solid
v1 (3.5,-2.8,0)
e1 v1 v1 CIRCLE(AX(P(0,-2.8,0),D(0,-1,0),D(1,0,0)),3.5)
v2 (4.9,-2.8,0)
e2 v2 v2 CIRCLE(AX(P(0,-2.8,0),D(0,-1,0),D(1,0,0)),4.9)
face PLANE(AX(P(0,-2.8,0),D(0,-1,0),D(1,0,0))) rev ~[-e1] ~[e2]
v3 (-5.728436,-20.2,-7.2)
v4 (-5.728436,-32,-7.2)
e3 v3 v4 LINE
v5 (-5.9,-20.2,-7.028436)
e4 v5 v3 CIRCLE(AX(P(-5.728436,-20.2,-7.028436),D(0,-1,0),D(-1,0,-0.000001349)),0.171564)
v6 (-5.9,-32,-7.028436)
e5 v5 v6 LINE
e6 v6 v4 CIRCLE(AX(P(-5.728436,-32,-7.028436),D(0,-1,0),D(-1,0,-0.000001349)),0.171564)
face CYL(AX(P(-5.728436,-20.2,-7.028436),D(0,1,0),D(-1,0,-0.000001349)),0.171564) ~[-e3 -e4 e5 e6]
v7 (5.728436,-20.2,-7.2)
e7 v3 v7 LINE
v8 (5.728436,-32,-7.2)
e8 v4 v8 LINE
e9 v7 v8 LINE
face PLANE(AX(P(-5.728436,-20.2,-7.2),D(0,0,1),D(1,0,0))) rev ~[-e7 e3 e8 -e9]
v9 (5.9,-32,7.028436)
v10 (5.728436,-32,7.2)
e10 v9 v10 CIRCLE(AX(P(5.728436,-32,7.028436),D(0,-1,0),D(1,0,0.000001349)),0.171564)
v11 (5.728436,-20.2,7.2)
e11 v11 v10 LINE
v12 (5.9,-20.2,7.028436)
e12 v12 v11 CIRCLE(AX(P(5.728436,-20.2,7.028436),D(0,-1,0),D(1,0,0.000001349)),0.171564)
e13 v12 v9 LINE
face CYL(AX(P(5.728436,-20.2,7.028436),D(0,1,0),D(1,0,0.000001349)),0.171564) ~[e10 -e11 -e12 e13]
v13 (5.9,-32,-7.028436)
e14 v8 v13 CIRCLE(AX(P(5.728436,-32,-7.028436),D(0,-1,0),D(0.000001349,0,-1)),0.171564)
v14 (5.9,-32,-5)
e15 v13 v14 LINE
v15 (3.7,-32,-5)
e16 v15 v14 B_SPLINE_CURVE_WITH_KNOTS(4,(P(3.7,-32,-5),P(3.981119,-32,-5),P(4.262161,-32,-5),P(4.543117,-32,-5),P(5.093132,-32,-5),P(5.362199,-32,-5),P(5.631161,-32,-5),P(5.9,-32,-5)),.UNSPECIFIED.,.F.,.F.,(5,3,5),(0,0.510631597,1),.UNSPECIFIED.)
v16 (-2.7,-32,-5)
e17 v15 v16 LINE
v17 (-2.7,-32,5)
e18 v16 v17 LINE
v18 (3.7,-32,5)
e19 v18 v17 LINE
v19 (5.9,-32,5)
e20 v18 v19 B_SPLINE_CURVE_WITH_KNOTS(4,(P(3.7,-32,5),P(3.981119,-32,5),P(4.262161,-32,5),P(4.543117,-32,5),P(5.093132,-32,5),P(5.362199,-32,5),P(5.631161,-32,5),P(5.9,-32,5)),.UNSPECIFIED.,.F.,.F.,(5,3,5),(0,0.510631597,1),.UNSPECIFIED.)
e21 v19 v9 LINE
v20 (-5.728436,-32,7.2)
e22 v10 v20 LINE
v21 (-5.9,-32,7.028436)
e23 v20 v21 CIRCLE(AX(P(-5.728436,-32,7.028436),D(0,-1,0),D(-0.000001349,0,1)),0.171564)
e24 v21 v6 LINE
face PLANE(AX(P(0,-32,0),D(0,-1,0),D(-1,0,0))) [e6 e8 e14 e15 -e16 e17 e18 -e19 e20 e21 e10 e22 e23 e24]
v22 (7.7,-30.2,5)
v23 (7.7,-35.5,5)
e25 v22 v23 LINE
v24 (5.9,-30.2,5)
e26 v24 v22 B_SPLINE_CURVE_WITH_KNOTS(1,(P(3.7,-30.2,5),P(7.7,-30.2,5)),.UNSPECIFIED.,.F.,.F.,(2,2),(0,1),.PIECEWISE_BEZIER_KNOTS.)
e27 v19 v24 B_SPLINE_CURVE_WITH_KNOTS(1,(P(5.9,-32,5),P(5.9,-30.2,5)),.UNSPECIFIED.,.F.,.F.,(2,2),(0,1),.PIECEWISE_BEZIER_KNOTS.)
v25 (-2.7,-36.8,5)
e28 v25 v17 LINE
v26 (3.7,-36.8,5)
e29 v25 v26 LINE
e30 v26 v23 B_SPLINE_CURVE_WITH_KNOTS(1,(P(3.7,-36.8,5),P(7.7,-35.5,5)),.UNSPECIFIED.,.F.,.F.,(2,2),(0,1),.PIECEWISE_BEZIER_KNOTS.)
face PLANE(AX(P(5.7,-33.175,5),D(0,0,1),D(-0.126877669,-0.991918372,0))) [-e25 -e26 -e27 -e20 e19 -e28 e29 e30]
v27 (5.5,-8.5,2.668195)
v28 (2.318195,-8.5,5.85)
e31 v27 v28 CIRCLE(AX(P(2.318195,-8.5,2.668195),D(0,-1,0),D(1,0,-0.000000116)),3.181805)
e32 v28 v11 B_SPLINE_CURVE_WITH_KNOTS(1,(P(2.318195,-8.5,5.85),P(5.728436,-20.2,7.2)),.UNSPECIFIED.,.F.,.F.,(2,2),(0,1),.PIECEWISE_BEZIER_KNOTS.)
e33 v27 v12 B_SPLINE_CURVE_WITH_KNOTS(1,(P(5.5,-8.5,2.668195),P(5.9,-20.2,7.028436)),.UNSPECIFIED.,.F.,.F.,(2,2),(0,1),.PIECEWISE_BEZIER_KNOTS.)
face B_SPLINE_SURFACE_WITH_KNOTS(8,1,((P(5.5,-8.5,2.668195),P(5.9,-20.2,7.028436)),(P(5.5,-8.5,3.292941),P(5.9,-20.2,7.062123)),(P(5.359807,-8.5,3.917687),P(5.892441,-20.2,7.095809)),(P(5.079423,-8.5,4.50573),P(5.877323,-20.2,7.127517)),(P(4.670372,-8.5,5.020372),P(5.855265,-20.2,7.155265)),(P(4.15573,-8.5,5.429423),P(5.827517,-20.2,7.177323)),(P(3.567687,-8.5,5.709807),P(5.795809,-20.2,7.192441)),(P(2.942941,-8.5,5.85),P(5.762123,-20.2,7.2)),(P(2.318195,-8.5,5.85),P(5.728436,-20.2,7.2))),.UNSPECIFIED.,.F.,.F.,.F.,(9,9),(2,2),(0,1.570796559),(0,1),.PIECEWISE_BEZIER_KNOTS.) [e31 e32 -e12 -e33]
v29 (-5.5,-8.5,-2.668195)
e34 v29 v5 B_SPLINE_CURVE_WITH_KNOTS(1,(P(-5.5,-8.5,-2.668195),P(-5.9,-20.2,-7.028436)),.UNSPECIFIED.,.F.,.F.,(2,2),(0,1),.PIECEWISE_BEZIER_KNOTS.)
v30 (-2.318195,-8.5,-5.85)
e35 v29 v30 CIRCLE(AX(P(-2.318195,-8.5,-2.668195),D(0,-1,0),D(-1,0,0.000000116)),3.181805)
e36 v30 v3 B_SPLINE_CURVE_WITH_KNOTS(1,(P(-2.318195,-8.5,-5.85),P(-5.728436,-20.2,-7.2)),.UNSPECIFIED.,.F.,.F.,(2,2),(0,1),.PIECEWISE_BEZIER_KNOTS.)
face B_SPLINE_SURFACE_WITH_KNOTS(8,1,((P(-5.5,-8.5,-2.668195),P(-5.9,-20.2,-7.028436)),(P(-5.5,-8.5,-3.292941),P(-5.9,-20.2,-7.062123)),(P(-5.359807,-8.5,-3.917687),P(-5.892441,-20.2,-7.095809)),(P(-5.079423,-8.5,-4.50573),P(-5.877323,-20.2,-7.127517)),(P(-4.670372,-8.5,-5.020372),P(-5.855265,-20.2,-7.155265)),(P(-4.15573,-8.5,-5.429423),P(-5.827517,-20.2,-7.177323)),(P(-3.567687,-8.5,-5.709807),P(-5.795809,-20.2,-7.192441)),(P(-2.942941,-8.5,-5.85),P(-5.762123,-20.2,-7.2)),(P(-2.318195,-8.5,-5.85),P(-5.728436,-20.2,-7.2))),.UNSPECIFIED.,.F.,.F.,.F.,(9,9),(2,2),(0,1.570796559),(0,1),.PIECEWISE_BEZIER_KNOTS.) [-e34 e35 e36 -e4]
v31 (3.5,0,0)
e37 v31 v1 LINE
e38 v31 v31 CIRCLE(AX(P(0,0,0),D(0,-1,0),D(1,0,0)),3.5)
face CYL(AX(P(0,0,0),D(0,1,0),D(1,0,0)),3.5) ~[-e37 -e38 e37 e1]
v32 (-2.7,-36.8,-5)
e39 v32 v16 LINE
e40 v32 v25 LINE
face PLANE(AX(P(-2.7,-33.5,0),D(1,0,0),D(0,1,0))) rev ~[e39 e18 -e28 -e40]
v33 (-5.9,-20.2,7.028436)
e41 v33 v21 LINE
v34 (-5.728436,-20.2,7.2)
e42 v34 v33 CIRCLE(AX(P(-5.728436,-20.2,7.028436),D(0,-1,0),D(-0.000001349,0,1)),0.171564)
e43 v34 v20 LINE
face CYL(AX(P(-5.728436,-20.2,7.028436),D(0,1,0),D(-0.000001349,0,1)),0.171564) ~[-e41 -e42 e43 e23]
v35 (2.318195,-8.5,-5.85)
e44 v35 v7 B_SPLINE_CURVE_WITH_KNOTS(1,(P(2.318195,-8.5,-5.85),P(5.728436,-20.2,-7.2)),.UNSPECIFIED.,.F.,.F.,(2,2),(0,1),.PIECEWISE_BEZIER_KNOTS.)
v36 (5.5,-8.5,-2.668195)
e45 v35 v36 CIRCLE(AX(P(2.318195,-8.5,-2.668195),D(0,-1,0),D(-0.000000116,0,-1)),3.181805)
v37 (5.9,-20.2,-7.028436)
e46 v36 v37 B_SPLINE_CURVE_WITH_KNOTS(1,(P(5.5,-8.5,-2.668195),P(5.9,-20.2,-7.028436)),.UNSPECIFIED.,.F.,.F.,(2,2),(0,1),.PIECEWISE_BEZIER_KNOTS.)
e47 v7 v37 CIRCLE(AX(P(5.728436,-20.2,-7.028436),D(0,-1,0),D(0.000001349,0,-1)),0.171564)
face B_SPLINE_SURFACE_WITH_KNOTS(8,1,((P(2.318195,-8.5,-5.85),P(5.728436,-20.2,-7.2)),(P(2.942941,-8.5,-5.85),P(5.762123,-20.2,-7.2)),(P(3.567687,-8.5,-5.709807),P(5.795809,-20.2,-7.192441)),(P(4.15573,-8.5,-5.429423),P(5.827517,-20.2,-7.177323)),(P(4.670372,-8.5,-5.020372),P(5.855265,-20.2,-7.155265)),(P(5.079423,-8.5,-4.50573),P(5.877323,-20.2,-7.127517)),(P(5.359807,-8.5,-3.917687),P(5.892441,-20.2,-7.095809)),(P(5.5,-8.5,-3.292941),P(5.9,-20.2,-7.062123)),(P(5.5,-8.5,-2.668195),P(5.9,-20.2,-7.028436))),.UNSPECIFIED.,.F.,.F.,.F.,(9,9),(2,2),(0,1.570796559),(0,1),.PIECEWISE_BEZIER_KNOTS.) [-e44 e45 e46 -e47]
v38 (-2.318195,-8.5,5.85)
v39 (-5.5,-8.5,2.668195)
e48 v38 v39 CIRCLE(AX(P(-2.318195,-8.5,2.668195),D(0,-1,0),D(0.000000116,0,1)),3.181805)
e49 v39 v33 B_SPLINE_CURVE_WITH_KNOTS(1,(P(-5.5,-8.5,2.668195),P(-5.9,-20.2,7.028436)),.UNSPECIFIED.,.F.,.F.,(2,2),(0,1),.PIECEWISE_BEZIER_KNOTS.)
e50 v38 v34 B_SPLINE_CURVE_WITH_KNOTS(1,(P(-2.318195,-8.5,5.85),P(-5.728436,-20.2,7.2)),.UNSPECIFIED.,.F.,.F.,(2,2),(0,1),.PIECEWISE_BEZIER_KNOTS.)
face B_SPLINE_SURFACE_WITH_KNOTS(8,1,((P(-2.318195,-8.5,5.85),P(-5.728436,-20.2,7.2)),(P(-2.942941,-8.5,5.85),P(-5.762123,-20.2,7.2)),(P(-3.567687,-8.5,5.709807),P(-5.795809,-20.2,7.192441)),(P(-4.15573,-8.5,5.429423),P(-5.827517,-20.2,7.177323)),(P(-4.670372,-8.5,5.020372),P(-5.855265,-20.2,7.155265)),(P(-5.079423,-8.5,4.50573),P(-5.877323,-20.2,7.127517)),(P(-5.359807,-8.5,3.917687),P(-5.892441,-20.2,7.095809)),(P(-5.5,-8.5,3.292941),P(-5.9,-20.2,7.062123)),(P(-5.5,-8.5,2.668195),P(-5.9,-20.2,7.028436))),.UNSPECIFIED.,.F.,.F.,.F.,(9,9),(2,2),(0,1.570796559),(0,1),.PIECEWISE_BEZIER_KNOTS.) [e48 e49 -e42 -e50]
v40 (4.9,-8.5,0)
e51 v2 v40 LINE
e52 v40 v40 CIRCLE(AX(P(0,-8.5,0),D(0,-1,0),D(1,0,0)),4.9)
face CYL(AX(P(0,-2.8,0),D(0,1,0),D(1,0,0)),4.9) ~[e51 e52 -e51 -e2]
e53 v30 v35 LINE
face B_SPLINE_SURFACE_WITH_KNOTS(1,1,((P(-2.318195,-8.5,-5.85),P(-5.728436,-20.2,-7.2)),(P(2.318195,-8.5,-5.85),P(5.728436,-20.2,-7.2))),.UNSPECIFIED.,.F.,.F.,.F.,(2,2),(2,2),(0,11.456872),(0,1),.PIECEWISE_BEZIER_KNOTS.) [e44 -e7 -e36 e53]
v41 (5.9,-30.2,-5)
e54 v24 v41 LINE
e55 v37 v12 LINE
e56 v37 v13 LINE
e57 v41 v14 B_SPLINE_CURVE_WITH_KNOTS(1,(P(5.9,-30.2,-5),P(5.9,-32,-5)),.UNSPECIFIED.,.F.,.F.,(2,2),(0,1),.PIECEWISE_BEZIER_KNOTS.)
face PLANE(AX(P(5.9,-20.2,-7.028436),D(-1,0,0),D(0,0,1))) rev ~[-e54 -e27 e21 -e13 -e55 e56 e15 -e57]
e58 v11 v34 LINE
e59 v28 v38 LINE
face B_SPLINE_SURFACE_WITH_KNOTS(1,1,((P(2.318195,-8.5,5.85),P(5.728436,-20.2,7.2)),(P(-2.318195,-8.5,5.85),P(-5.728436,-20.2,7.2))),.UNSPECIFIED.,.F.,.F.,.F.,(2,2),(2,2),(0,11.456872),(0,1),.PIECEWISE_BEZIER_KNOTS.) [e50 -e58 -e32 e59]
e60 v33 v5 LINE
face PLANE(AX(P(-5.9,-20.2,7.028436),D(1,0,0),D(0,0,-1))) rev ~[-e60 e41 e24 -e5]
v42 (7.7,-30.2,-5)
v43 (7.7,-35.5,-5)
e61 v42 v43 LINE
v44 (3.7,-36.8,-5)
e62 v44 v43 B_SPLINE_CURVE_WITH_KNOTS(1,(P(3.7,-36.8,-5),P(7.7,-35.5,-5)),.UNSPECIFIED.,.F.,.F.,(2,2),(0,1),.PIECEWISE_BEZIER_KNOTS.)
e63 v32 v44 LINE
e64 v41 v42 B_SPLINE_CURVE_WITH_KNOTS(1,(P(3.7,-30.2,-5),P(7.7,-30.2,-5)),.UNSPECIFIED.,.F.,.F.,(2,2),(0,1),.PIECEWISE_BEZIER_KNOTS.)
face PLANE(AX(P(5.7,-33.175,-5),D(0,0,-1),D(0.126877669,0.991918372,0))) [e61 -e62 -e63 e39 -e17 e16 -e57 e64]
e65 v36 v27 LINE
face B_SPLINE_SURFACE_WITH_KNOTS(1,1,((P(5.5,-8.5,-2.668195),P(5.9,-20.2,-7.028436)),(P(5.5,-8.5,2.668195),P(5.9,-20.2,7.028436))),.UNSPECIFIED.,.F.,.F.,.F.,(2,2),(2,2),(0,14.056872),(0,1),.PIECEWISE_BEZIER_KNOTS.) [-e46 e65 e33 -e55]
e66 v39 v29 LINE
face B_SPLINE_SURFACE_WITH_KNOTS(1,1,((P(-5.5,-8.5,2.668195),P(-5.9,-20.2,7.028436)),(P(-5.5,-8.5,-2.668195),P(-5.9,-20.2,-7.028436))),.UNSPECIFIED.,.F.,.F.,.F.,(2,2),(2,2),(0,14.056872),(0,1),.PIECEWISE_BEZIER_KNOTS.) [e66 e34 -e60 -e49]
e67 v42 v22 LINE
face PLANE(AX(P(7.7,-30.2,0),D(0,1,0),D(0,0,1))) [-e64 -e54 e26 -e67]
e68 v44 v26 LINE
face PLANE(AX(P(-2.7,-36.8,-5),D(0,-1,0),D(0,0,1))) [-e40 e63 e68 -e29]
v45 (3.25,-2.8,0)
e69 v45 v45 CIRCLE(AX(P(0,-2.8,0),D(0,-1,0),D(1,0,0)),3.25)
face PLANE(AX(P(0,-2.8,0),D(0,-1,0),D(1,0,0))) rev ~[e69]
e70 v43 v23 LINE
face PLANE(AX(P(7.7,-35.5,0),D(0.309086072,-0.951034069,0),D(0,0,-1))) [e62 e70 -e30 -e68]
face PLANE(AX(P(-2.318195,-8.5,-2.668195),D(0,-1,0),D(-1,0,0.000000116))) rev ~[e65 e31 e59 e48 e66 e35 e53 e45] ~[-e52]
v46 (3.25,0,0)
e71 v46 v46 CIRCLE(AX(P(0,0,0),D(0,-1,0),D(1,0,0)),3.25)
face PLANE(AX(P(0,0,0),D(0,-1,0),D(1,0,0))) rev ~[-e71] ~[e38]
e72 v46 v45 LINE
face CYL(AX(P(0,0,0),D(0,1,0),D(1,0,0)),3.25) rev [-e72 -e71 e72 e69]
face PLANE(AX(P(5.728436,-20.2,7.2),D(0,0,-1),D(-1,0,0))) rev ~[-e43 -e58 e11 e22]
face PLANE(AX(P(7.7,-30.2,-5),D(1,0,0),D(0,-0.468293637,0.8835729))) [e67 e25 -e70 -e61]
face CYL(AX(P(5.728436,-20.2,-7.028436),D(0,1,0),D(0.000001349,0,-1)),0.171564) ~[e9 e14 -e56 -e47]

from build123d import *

# Parameters (mm, degrees)
SKETCH_R     = 3.5
SKETCH_R_2   = 3.25
PAD_DEPTH    = 2.8
SKETCH001_R  = 4.9
PAD001_DEPTH = 5.7
PAD002_DEPTH = 11.8
SKETCH004_W  = 6.6
SKETCH004_H  = 10
PAD003_DEPTH = 6.4
SKETCH005_W  = 10
SKETCH005_H  = 6.6
SKETCH006_W  = 10
SKETCH006_H  = 5.3


with BuildPart() as part:
    # Sketch → Pad (new body)
    with BuildSketch(Plane.XZ):
        Circle(SKETCH_R)
        Circle(SKETCH_R_2, mode=Mode.SUBTRACT)
    extrude(amount=PAD_DEPTH)

    # Sketch001 (on Face4 of Pad) → Pad001 (join)
    with BuildSketch(Plane.XZ.offset(2.8)):
        Circle(SKETCH001_R)
    extrude(amount=PAD001_DEPTH)

    # Sketch002 → AdditiveLoft section 0
    with BuildSketch(Plane.XZ.offset(8.5)):
        with BuildLine():
            Line((-5.5, 2.668195), (-5.5, -2.668195))
            ThreePointArc((-5.5, -2.668195), (-4.568071, -4.918071), (-2.318195, -5.85))
            Line((-2.318195, -5.85), (2.318195, -5.85))
            ThreePointArc((2.318195, -5.85), (4.568071, -4.918071), (5.5, -2.668195))
            Line((5.5, -2.668195), (5.5, 2.668195))
            ThreePointArc((5.5, 2.668195), (4.568071, 4.918071), (2.318195, 5.85))
            Line((2.318195, 5.85), (-2.318195, 5.85))
            ThreePointArc((-2.318195, 5.85), (-4.568071, 4.918071), (-5.5, 2.668195))
        make_face()
    # Sketch003 → AdditiveLoft section 1
    with BuildSketch(Plane.XZ.offset(20.2)):
        with BuildLine():
            Line((-5.9, 7.028436), (-5.9, -7.028436))
            ThreePointArc((-5.9, -7.028436), (-5.84975, -7.14975), (-5.728436, -7.2))
            Line((-5.728436, -7.2), (5.728436, -7.2))
            ThreePointArc((5.728436, -7.2), (5.84975, -7.14975), (5.9, -7.028436))
            Line((5.9, -7.028436), (5.9, 7.028436))
            ThreePointArc((5.9, 7.028436), (5.84975, 7.14975), (5.728436, 7.2))
            Line((5.728436, 7.2), (-5.728436, 7.2))
            ThreePointArc((-5.728436, 7.2), (-5.84975, 7.14975), (-5.9, 7.028436))
        make_face()
    loft()

    # AdditiveLoft Face11 → Pad002 (add)
    with BuildSketch(Plane(origin=(0, -20.2, 0), x_dir=(-1, 0, 0), z_dir=(0, -1, 0))):
        with BuildLine():
            Line((5.9, -7.028436), (5.9, 7.028436))
            ThreePointArc((5.9, 7.028436), (5.84975, 7.14975), (5.728436, 7.2))
            Line((5.728436, 7.2), (-5.728436, 7.2))
            ThreePointArc((-5.728436, 7.2), (-5.84975, 7.14975), (-5.9, 7.028436))
            Line((-5.9, 7.028436), (-5.9, -7.028436))
            ThreePointArc((-5.9, -7.028436), (-5.84975, -7.14975), (-5.728436, -7.2))
            Line((-5.728436, -7.2), (5.728436, -7.2))
            ThreePointArc((5.728436, -7.2), (5.84975, -7.14975), (5.9, -7.028436))
        make_face()
    extrude(amount=PAD002_DEPTH)

    # Sketch004 → Pad003 (join)
    with BuildSketch(Plane.YZ.offset(-2.7)):
        with Locations((-33.5, 0)):
            Rectangle(SKETCH004_W, SKETCH004_H)
    extrude(amount=PAD003_DEPTH)

    # Sketch005 (on Face22 of Pad003) → AdditiveLoft001 section 0
    with BuildSketch(Plane(origin=(3.7, 0, 0), x_dir=(0, 0, 1), z_dir=(1, 0, 0))):
        with Locations((0, 33.5)):
            Rectangle(SKETCH005_W, SKETCH005_H)
    # Sketch006 (on Face22 of Pad003) → AdditiveLoft001 section 1
    with BuildSketch(Plane(origin=(7.7, 0, 0), x_dir=(0, 0, 1), z_dir=(1, 0, 0))):
        with Locations((0, 32.85)):
            Rectangle(SKETCH006_W, SKETCH006_H)
    loft()


solid = part.part
